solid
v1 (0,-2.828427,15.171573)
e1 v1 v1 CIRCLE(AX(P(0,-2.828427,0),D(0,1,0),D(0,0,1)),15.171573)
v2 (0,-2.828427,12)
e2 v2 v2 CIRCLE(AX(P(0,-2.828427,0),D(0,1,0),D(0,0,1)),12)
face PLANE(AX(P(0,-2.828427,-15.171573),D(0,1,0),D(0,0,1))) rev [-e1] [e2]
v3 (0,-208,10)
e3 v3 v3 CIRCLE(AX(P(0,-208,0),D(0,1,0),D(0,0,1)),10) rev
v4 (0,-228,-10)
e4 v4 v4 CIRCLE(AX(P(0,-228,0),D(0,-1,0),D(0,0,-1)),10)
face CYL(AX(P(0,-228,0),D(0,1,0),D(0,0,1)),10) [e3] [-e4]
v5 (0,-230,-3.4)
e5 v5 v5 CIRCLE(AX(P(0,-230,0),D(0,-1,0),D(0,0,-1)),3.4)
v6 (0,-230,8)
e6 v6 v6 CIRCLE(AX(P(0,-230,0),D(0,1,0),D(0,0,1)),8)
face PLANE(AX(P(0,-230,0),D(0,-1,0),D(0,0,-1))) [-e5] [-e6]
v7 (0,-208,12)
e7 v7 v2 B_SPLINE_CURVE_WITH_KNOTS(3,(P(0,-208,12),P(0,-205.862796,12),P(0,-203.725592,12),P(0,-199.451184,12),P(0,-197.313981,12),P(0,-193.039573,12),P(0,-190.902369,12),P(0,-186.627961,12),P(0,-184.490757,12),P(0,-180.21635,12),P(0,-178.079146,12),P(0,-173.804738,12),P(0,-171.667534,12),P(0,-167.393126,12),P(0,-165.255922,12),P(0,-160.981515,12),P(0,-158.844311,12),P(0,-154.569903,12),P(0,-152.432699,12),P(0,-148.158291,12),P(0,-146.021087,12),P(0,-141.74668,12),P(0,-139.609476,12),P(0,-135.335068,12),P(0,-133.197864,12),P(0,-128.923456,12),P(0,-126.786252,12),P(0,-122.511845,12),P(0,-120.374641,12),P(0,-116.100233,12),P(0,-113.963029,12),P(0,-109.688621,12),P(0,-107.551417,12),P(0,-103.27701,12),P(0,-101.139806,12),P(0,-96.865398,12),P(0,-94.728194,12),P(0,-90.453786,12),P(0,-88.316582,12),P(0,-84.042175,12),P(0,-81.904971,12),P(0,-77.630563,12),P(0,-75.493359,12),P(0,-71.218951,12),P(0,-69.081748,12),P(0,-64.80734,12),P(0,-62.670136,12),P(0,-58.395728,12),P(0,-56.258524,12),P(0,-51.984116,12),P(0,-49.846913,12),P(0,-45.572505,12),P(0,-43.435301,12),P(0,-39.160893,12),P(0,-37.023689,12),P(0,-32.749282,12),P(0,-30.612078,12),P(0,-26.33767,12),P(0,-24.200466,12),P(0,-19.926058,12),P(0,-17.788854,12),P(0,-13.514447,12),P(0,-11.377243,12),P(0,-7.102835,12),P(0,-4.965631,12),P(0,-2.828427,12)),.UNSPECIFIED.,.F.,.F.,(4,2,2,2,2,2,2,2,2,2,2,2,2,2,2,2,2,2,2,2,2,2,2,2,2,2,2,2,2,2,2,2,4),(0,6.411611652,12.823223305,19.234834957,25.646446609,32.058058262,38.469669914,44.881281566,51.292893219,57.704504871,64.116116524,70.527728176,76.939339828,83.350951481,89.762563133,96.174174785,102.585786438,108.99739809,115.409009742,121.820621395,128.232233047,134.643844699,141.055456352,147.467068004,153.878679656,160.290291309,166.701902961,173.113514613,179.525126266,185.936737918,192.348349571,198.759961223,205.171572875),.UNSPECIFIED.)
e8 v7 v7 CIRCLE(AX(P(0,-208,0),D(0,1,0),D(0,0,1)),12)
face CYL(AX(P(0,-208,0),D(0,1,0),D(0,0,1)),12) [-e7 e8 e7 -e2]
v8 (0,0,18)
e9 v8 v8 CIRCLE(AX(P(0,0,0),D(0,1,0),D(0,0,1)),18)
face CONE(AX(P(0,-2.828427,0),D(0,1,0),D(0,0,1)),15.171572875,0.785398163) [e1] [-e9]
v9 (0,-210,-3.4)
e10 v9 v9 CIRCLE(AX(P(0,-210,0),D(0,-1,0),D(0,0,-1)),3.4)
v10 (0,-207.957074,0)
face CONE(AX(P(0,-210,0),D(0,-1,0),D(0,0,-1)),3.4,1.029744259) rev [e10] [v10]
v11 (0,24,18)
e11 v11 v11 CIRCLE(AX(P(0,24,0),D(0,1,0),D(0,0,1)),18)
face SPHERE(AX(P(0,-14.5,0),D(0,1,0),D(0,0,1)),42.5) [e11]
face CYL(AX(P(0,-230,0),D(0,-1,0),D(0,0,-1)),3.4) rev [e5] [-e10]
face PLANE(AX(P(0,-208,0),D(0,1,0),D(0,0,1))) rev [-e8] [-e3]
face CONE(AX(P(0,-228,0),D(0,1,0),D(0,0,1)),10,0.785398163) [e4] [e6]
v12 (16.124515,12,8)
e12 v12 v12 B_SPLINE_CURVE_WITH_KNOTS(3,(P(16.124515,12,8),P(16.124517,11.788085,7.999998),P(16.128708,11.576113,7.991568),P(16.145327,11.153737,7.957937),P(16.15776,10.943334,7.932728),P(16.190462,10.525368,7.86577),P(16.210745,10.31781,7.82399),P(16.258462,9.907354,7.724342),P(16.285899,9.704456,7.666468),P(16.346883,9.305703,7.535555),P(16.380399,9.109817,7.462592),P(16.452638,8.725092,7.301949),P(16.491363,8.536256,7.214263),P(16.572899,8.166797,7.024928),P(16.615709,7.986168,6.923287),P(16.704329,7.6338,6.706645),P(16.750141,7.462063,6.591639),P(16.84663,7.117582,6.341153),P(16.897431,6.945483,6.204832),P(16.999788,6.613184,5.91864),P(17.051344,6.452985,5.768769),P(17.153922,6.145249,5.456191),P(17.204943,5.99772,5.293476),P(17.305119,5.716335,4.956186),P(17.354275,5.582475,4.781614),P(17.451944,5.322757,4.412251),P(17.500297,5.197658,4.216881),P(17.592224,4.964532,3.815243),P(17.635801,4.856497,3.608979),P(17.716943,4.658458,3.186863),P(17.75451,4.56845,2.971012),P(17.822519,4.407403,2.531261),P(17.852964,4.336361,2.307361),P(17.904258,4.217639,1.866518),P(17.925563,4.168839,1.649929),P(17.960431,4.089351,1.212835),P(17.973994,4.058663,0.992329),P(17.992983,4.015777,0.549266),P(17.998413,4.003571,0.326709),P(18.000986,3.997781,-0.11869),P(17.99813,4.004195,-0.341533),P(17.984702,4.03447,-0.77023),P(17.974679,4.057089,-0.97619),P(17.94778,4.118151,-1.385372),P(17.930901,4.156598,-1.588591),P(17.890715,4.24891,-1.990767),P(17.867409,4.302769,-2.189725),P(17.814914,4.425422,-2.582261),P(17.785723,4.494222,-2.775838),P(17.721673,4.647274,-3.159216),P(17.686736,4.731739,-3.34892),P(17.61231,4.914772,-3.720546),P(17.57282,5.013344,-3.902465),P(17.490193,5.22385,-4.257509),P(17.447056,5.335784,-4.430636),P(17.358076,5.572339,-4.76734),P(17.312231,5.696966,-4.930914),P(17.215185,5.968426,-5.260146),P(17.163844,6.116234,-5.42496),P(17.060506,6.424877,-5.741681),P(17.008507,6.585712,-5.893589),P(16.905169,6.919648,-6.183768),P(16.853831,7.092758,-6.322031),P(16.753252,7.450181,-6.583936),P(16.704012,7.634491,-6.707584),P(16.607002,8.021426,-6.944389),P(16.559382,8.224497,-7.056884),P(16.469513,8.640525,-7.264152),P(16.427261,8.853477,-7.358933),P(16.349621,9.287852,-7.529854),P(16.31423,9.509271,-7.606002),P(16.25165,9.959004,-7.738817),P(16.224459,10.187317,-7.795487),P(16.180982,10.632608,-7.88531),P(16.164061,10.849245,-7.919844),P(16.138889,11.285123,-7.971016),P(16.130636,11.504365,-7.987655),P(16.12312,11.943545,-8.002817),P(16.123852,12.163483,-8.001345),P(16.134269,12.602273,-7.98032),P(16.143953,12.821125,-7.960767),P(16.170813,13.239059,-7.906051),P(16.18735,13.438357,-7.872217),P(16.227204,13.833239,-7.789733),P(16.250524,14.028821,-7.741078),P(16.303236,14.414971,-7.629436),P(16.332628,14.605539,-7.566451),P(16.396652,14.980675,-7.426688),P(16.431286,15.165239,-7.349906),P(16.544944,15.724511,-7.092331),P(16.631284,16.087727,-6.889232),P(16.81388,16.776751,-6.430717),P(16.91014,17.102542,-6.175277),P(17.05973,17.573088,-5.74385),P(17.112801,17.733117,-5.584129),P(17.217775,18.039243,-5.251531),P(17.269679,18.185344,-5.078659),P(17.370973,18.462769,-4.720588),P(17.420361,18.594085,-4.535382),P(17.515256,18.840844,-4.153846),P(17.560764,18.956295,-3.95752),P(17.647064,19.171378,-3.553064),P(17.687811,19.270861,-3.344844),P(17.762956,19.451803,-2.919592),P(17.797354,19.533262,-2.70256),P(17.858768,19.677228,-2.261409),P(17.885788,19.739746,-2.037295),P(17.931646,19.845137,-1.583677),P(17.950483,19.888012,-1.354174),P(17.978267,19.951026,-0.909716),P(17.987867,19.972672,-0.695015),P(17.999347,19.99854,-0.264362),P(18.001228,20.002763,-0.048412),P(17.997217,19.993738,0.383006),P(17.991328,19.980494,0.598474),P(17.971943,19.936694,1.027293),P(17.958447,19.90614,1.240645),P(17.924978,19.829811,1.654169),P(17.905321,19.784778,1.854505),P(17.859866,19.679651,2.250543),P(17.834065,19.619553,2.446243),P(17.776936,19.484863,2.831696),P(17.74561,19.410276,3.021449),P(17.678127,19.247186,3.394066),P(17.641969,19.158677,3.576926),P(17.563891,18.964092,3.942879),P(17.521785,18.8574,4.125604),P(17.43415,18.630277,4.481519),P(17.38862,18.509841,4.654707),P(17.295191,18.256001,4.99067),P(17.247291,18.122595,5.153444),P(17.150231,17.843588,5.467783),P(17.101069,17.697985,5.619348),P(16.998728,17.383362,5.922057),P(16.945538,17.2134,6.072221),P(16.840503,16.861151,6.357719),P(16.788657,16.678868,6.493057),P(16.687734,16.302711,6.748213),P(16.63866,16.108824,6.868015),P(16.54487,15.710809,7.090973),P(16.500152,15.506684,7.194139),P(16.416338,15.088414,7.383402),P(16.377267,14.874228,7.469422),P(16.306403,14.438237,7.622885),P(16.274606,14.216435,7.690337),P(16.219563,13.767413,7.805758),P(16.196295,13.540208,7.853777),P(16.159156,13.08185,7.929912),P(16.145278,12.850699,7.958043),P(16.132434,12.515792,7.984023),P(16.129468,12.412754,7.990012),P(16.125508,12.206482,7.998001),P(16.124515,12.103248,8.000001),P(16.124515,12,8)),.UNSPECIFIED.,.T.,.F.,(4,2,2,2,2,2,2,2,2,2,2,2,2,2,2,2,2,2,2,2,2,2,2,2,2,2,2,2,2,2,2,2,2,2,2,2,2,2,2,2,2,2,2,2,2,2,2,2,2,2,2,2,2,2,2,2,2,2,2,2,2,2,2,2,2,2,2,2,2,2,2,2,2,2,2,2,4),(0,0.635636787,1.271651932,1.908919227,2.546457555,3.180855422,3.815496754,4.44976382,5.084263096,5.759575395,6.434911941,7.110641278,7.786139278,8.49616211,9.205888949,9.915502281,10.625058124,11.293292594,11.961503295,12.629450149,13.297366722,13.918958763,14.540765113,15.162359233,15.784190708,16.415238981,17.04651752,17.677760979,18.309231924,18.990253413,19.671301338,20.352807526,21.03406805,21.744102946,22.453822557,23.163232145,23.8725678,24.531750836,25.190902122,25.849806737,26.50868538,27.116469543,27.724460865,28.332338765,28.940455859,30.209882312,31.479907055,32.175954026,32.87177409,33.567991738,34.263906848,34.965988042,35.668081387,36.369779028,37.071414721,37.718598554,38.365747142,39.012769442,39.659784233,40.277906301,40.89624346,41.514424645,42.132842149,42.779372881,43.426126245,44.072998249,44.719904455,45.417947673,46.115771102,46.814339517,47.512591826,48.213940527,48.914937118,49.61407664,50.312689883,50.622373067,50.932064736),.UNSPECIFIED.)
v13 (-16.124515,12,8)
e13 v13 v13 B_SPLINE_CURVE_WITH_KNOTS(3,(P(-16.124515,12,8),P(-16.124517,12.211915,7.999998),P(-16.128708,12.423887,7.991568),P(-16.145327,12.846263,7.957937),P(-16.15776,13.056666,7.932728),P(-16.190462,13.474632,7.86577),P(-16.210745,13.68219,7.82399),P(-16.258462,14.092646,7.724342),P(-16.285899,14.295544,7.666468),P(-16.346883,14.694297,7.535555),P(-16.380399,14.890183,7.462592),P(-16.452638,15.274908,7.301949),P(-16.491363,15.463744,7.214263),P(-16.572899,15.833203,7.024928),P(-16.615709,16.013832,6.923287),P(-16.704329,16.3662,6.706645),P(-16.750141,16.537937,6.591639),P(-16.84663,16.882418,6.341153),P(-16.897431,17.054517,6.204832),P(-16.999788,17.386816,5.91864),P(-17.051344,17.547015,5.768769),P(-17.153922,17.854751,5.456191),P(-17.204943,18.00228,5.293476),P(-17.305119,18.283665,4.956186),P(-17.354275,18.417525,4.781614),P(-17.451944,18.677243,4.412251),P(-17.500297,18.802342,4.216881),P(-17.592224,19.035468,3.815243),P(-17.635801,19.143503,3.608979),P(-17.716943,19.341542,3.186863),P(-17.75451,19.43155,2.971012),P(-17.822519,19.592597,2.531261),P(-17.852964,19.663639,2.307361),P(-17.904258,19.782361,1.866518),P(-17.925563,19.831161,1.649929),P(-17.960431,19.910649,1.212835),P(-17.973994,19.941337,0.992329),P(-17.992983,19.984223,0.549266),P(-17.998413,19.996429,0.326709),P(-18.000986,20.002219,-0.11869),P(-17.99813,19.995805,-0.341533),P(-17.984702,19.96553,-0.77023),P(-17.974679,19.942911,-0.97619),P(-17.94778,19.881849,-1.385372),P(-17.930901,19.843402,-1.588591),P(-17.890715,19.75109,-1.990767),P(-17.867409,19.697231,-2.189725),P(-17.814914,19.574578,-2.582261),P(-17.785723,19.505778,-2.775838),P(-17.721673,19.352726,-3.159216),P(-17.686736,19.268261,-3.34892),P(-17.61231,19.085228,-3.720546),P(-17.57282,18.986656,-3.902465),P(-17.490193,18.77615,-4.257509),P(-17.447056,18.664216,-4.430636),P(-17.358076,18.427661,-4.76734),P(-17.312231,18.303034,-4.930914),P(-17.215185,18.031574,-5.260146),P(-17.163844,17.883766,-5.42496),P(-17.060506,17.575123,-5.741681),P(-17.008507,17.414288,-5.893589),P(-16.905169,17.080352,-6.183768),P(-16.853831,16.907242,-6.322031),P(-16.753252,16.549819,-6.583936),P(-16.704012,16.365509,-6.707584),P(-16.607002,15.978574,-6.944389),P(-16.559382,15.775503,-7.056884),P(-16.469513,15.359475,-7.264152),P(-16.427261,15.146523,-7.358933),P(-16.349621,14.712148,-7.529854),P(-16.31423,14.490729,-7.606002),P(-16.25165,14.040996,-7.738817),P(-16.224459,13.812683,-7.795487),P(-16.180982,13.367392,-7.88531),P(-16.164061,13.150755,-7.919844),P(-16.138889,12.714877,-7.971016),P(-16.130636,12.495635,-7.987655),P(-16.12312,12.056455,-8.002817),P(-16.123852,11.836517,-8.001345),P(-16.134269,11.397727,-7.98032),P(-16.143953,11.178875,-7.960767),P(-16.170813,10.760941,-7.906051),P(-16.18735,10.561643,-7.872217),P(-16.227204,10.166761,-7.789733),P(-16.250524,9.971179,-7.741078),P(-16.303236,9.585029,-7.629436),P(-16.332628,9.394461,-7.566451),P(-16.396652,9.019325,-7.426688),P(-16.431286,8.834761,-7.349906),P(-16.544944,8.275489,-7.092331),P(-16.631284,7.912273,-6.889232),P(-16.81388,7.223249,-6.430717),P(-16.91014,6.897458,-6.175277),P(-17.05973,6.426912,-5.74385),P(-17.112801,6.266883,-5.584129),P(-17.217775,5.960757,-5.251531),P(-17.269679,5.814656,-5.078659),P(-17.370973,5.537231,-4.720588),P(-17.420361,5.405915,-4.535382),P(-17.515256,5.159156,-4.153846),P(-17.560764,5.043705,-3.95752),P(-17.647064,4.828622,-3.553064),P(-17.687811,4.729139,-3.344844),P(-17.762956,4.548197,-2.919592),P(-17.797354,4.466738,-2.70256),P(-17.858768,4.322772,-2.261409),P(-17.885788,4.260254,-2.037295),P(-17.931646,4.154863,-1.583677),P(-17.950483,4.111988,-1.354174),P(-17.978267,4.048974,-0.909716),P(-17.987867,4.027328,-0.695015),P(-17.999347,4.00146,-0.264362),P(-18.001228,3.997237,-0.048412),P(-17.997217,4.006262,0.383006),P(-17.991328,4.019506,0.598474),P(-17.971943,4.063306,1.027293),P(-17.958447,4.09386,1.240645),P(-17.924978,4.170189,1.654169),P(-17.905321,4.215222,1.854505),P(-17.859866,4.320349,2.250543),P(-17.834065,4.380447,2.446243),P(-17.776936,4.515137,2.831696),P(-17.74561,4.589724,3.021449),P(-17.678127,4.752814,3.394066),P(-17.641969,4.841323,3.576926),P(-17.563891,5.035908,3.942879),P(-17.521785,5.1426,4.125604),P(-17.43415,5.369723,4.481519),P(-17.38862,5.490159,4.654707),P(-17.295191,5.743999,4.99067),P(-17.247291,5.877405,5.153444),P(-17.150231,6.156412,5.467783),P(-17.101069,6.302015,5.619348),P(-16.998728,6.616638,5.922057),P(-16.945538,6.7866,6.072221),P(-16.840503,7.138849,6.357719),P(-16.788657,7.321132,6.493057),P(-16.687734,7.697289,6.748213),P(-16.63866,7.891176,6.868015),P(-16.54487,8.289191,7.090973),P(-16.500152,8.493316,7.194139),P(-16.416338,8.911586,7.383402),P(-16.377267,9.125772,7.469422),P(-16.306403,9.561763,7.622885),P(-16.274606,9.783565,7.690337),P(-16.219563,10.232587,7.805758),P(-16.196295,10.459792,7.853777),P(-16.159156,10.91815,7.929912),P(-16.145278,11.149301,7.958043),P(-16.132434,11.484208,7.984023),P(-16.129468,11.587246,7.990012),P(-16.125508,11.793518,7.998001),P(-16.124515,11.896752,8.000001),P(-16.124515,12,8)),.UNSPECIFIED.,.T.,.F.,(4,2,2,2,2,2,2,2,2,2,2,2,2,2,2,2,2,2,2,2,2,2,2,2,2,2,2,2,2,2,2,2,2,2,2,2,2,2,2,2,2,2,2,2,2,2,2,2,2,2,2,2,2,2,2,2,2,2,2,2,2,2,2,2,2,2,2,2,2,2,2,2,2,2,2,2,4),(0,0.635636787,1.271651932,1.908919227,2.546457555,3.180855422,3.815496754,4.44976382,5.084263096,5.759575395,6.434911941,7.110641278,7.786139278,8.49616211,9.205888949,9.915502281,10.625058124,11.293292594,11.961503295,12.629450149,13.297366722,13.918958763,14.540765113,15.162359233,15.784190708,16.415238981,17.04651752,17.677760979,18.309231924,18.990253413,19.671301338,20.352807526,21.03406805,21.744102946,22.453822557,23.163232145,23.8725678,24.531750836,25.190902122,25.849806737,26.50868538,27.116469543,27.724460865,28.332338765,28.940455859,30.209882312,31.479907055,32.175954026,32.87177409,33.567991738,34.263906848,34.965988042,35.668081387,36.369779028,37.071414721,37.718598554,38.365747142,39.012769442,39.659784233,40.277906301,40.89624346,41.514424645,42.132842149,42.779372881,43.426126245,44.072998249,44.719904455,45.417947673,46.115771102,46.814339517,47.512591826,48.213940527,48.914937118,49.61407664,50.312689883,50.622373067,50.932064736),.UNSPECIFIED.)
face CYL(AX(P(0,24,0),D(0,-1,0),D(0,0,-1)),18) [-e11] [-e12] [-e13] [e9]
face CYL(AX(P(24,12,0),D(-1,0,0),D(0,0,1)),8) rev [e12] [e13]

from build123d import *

# Parameters (mm, degrees)
SKETCH1_R               = 18
BOSS_EXTRUDE1_DEPTH     = 24
CUT_EXTRUDE1_DEPTH      = 24
CUT_EXTRUDE1_DEPTH_BACK = 24
SKETCH2_R               = 8
DOME1_FACE_RADIUS       = 18
DOME1_HEIGHT            = 4
SKETCH5_R               = 12
BOSS_EXTRUDE3_DEPTH     = 208
SKETCH13_R              = 10
BOSS_EXTRUDE4_DEPTH     = 20
M8_TAPPED_HOLE1_D       = 6.8
M8_TAPPED_HOLE1_DEPTH   = 20
M8_TAPPED_HOLE1_TIP     = 2.042926105


with BuildPart() as part:
    # Sketch1 → Boss-Extrude1 (new body)
    with BuildSketch(Plane(origin=(0, 0, 0), x_dir=(1, 0, 0), z_dir=(0, 1, 0))):
        with Locations(Location((0, 0, 0), (0, 0, 270))):
            Circle(SKETCH1_R)
    extrude(amount=BOSS_EXTRUDE1_DEPTH)

    # Sketch2 → Cut-Extrude1 (cut, two sides: drawn at the far end of the back side and taken through both)
    with BuildSketch(Plane(origin=(0, 0, 0), x_dir=(0, 0, -1), z_dir=(1, 0, 0)).offset(-CUT_EXTRUDE1_DEPTH_BACK)):
        with Locations(Location((0, 12, 0), (0, 0, 180))):
            Circle(SKETCH2_R)
    extrude(amount=CUT_EXTRUDE1_DEPTH + CUT_EXTRUDE1_DEPTH_BACK, mode=Mode.SUBTRACT)

    # Dome1: a dome of height H over a round flat face of radius A is a cap of a sphere of radius (A * A + H * H) / (2 * H)
    dome1_r = (DOME1_FACE_RADIUS * DOME1_FACE_RADIUS + DOME1_HEIGHT * DOME1_HEIGHT) / (2 * DOME1_HEIGHT)
    dome1_base = Plane((0, 24, 0), z_dir=(0, 1, 0))
    with Locations(dome1_base.offset(DOME1_HEIGHT - dome1_r)):
        dome1_ball = Sphere(dome1_r, mode=Mode.PRIVATE)
    add(split(dome1_ball, bisect_by=dome1_base, keep=Keep.TOP, mode=Mode.PRIVATE))

    # Sketch3 → Revolve1 (revolve)
    with BuildSketch(Plane(origin=(0, 0, 0), x_dir=(0, 0, -1), z_dir=(1, 0, 0)), mode=Mode.PRIVATE) as revolve1_sk:
        Polygon((0, 0), (0, -2.828427125), (15.171572875, -2.828427125), (18, 0), align=None)
    revolve(revolve1_sk.sketch.rotate(Axis((0, 0, 0), (0, -1, 0)), 180), axis=Axis((0, 0, 0), (0, -1, 0)))

    # Sketch5 → Boss-Extrude3 (add)
    with BuildSketch(Plane(origin=(0, 0, 0), x_dir=(1, 0, 0), z_dir=(0, 1, 0))):
        with Locations(Location((0, 0, 0), (0, 0, 270))):
            Circle(SKETCH5_R)
    extrude(amount=-BOSS_EXTRUDE3_DEPTH)

    # Sketch13 → Boss-Extrude4 (add)
    with BuildSketch(Plane(origin=(0, -208, 0), x_dir=(-1, 0, 0), z_dir=(0, -1, 0))):
        with Locations(Location((0, 0, 0), (0, 0, 270))):
            Circle(SKETCH13_R)
    extrude(amount=BOSS_EXTRUDE4_DEPTH)

    # Sketch14 → Revolve2 (revolve)
    with BuildSketch(Plane(origin=(0, 0, 0), x_dir=(0, 0, -1), z_dir=(1, 0, 0))):
        Polygon((0, -228), (0, -230), (-8, -230), (-10, -228), align=None)
    revolve(axis=Axis((0, -228, 0), (0, -1, 0)))

    # M8 Tapped Hole1
    with Locations(Plane(origin=(0, -230, 0), x_dir=(-1, 0, 0), z_dir=(0, -1, 0))):
        with Locations((0, 0)):
            Hole(M8_TAPPED_HOLE1_D / 2, depth=M8_TAPPED_HOLE1_DEPTH)
            with Locations((0, 0, -(M8_TAPPED_HOLE1_DEPTH + M8_TAPPED_HOLE1_TIP / 2))):  # 118° drill point
                Cone(0, M8_TAPPED_HOLE1_D / 2, M8_TAPPED_HOLE1_TIP, mode=Mode.SUBTRACT)


solid = part.part
